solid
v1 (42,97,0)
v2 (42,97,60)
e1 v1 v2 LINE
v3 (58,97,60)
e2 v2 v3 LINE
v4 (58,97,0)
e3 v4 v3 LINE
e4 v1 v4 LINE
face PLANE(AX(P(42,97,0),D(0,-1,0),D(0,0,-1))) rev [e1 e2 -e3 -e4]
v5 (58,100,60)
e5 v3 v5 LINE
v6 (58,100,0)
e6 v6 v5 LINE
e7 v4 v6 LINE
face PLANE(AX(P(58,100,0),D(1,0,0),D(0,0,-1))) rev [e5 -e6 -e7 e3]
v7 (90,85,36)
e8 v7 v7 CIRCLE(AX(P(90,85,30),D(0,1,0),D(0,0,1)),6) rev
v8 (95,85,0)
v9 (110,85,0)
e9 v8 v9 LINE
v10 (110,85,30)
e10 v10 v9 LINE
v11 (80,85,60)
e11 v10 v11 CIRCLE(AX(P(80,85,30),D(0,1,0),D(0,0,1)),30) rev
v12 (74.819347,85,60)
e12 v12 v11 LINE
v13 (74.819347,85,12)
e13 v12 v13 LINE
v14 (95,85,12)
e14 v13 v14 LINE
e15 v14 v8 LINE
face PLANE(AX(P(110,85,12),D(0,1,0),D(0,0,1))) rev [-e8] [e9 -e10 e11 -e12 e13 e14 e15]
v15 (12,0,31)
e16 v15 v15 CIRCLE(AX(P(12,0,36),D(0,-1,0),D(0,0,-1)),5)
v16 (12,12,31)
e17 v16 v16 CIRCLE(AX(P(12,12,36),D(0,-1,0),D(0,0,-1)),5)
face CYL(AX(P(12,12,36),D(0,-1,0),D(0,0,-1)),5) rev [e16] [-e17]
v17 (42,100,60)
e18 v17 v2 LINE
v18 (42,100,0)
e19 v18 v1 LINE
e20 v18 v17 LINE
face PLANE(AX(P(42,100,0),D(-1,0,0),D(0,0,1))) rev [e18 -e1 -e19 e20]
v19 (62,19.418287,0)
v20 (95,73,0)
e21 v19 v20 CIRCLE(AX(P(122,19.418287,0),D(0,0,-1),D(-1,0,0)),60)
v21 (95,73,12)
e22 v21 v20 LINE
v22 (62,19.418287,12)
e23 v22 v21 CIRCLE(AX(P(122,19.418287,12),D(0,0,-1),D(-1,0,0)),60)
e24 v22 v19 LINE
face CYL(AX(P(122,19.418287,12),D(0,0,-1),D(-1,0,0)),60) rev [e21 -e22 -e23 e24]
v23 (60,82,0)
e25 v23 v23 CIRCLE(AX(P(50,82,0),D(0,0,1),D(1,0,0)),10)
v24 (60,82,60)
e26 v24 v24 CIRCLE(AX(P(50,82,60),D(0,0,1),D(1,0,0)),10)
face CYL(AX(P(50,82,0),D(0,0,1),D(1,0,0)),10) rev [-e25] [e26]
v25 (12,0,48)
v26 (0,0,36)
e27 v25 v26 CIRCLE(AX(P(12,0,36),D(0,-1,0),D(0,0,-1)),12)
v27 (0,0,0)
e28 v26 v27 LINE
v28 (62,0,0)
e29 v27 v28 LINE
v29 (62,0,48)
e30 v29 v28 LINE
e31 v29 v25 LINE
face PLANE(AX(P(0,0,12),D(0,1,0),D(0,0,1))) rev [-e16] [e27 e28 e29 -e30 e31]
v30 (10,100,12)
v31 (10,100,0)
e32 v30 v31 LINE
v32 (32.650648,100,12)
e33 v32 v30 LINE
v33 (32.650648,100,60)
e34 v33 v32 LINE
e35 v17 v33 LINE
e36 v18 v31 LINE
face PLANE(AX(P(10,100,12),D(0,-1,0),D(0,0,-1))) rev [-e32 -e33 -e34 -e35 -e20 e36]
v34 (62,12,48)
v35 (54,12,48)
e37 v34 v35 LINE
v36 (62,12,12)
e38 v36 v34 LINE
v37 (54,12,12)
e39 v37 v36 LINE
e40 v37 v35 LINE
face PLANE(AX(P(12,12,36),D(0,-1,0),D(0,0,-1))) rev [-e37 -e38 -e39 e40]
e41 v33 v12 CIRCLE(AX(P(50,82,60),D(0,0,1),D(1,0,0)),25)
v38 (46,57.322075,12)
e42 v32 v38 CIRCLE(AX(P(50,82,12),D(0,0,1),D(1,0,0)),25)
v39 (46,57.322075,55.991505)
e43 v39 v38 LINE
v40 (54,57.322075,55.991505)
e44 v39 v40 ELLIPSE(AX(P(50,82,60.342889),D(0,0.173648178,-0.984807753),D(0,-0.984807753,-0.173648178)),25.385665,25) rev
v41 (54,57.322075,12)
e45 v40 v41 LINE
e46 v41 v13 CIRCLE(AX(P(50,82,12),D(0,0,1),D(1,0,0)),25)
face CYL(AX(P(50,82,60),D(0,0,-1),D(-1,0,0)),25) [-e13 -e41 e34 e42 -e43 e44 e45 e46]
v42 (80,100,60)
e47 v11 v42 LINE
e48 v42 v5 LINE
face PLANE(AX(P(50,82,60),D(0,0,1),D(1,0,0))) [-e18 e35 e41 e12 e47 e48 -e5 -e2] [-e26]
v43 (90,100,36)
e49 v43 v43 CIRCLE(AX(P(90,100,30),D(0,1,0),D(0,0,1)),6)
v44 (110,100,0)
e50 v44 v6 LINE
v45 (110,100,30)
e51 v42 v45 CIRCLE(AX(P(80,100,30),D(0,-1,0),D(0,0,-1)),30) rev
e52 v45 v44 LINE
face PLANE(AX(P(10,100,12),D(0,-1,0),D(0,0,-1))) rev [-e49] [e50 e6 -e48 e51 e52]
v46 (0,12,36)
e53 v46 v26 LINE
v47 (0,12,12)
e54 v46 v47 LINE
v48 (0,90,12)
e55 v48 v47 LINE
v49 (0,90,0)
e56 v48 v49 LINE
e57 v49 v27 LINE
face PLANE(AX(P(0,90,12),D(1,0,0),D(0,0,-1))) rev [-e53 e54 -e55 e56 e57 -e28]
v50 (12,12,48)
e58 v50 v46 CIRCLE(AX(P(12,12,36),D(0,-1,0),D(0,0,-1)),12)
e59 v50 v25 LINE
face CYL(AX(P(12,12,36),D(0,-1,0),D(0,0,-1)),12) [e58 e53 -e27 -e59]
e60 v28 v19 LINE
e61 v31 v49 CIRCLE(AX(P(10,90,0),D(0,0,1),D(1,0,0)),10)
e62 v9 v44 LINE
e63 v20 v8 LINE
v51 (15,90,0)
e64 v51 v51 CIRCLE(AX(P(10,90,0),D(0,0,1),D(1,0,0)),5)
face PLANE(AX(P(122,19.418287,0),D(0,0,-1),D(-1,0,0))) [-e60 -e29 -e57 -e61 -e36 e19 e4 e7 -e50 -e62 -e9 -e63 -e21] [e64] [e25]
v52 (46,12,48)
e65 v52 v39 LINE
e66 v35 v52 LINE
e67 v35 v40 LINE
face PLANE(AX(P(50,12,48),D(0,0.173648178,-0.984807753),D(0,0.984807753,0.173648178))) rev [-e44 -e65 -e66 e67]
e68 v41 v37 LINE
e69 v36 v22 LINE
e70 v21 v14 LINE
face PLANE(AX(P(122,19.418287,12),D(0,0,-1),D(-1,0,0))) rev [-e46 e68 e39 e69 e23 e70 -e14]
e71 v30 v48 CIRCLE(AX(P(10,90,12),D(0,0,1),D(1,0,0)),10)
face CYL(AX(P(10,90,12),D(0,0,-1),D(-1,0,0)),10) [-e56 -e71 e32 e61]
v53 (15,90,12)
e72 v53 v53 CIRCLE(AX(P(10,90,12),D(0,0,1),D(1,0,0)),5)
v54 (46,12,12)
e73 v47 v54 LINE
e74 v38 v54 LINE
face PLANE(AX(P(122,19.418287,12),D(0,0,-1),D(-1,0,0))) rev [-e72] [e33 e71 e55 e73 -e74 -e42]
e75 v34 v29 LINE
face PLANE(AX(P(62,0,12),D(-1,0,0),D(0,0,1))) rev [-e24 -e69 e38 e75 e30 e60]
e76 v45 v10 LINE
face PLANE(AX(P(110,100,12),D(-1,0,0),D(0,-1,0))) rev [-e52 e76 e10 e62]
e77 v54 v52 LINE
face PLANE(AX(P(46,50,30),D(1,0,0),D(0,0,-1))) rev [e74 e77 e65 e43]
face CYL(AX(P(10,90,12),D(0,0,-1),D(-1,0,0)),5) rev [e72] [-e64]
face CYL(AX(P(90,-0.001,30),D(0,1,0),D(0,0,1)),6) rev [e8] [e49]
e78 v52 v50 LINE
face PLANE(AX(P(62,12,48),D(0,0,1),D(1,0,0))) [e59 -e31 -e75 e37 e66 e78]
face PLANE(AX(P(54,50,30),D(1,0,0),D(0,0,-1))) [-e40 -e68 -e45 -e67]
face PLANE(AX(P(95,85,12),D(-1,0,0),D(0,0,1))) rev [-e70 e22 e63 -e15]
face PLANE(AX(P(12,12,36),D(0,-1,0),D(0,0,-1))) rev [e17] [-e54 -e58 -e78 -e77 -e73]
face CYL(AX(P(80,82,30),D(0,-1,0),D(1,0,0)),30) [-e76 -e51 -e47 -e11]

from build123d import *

# Parameters (mm, degrees)
SKETCH1_R           = 5
BOSS_EXTRUDE1_DEPTH = 12
SKETCH2_R           = 5
BOSS_EXTRUDE2_DEPTH = 12
BOSS_EXTRUDE3_DEPTH = 48
FILLET1_R           = 30
SKETCH6_R           = 10
CUT_EXTRUDE1_DEPTH  = 61
SKETCH7_W           = 16
SKETCH7_H           = 3
CUT_EXTRUDE2_DEPTH  = 61
CUT_EXTRUDE3_REACH  = 102
SKETCH9_R           = 6
RIB9_REACH          = 62
SKETCH8_WALL_W      = 167.694197534
SKETCH8_WALL_H      = 8


with BuildPart() as part:
    # Sketch1 → Boss-Extrude1 (new body)
    with BuildSketch(Plane.XY):
        with BuildLine():
            Line((10, 100), (110, 100))
            Line((110, 100), (110, 85))
            Line((110, 85), (95, 85))
            Line((95, 85), (95, 73))
            ThreePointArc((95, 73), (70.911840902, 50.882552147), (62, 19.418286702))
            Line((62, 19.418286702), (62, 0))
            Line((62, 0), (0, 0))
            Line((0, 0), (0, 90))
            ThreePointArc((0, 90), (2.928932188, 97.071067812), (10, 100))
        make_face()
        with Locations((10, 90)):
            Circle(SKETCH1_R, mode=Mode.SUBTRACT)
    extrude(amount=BOSS_EXTRUDE1_DEPTH)

    # Sketch2 → Boss-Extrude2 (add)
    with BuildSketch(Plane.XZ):
        with BuildLine():
            Line((62, 12), (62, 48))
            Line((62, 48), (12, 48))
            ThreePointArc((12, 48), (3.514718626, 44.485281374), (0, 36))
            Line((0, 36), (0, 12))
            Line((0, 12), (62, 12))
        make_face()
        with Locations(Location((12, 36, 0), (0, 0, 270))):  # turned: the seam where the file's is
            Circle(SKETCH2_R, mode=Mode.SUBTRACT)
    extrude(amount=-BOSS_EXTRUDE2_DEPTH)

    # Sketch5 → Boss-Extrude3 (add)
    with BuildSketch(Plane.XY.offset(12)):
        with BuildLine():
            Line((32.650648427, 100), (110, 100))
            Line((110, 100), (110, 85))
            Line((110, 85), (74.819347292, 85))
            ThreePointArc((74.819347292, 85), (41.621443501, 58.445811604), (32.650648427, 100))
        make_face()
    extrude(amount=BOSS_EXTRUDE3_DEPTH)

    # Fillet1
    fillet1_edges = [part.edges().sort_by_distance(p)[0] for p in [
        (110, 92.5, 60),
    ]]
    fillet(fillet1_edges, radius=FILLET1_R)

    # Sketch6 → Cut-Extrude1 (cut, through all)
    with BuildSketch(Plane.XY.offset(60)):
        with Locations((50, 82)):
            Circle(SKETCH6_R)
    extrude(amount=-CUT_EXTRUDE1_DEPTH, mode=Mode.SUBTRACT)

    # Sketch7 → Cut-Extrude2 (cut, through all)
    with BuildSketch(Plane.XY.offset(60)):
        with Locations((50, 98.5)):
            Rectangle(SKETCH7_W, SKETCH7_H)
    extrude(amount=-CUT_EXTRUDE2_DEPTH, mode=Mode.SUBTRACT)

    # Sketch9 → Cut-Extrude3 (cut, up to next)
    with BuildSketch(Plane(origin=(0, 100, 0), x_dir=(1, 0, 0), z_dir=(0, 1, 0)), mode=Mode.PRIVATE) as cut_extrude3_sk1:
        with Locations(Location((90, -30, 0), (0, 0, 270))):  # turned: the seam where the file's is
            Circle(SKETCH9_R)
    cut_extrude3_tool1 = extrude(cut_extrude3_sk1.sketch, amount=-CUT_EXTRUDE3_REACH, mode=Mode.PRIVATE) & part.part
    add(cut_extrude3_tool1.solids().sort_by_distance((90, 100, 30))[0], mode=Mode.SUBTRACT)

    # Sketch8 wall → Rib9 (add, up to next)
    with BuildSketch(Plane(origin=(50, 34.5, 51.967357066), x_dir=(0, 0.984807753, 0.173648178), z_dir=(0, -0.173648178, 0.984807753)), mode=Mode.PRIVATE) as rib9_sk1:
        Rectangle(SKETCH8_WALL_W, SKETCH8_WALL_H)
    rib9_tool1 = extrude(rib9_sk1.sketch, amount=-RIB9_REACH, mode=Mode.PRIVATE) - part.part
    add(rib9_tool1.solids().sort_by_distance((50, 34.5, 51.967357066))[0])


solid = part.part
